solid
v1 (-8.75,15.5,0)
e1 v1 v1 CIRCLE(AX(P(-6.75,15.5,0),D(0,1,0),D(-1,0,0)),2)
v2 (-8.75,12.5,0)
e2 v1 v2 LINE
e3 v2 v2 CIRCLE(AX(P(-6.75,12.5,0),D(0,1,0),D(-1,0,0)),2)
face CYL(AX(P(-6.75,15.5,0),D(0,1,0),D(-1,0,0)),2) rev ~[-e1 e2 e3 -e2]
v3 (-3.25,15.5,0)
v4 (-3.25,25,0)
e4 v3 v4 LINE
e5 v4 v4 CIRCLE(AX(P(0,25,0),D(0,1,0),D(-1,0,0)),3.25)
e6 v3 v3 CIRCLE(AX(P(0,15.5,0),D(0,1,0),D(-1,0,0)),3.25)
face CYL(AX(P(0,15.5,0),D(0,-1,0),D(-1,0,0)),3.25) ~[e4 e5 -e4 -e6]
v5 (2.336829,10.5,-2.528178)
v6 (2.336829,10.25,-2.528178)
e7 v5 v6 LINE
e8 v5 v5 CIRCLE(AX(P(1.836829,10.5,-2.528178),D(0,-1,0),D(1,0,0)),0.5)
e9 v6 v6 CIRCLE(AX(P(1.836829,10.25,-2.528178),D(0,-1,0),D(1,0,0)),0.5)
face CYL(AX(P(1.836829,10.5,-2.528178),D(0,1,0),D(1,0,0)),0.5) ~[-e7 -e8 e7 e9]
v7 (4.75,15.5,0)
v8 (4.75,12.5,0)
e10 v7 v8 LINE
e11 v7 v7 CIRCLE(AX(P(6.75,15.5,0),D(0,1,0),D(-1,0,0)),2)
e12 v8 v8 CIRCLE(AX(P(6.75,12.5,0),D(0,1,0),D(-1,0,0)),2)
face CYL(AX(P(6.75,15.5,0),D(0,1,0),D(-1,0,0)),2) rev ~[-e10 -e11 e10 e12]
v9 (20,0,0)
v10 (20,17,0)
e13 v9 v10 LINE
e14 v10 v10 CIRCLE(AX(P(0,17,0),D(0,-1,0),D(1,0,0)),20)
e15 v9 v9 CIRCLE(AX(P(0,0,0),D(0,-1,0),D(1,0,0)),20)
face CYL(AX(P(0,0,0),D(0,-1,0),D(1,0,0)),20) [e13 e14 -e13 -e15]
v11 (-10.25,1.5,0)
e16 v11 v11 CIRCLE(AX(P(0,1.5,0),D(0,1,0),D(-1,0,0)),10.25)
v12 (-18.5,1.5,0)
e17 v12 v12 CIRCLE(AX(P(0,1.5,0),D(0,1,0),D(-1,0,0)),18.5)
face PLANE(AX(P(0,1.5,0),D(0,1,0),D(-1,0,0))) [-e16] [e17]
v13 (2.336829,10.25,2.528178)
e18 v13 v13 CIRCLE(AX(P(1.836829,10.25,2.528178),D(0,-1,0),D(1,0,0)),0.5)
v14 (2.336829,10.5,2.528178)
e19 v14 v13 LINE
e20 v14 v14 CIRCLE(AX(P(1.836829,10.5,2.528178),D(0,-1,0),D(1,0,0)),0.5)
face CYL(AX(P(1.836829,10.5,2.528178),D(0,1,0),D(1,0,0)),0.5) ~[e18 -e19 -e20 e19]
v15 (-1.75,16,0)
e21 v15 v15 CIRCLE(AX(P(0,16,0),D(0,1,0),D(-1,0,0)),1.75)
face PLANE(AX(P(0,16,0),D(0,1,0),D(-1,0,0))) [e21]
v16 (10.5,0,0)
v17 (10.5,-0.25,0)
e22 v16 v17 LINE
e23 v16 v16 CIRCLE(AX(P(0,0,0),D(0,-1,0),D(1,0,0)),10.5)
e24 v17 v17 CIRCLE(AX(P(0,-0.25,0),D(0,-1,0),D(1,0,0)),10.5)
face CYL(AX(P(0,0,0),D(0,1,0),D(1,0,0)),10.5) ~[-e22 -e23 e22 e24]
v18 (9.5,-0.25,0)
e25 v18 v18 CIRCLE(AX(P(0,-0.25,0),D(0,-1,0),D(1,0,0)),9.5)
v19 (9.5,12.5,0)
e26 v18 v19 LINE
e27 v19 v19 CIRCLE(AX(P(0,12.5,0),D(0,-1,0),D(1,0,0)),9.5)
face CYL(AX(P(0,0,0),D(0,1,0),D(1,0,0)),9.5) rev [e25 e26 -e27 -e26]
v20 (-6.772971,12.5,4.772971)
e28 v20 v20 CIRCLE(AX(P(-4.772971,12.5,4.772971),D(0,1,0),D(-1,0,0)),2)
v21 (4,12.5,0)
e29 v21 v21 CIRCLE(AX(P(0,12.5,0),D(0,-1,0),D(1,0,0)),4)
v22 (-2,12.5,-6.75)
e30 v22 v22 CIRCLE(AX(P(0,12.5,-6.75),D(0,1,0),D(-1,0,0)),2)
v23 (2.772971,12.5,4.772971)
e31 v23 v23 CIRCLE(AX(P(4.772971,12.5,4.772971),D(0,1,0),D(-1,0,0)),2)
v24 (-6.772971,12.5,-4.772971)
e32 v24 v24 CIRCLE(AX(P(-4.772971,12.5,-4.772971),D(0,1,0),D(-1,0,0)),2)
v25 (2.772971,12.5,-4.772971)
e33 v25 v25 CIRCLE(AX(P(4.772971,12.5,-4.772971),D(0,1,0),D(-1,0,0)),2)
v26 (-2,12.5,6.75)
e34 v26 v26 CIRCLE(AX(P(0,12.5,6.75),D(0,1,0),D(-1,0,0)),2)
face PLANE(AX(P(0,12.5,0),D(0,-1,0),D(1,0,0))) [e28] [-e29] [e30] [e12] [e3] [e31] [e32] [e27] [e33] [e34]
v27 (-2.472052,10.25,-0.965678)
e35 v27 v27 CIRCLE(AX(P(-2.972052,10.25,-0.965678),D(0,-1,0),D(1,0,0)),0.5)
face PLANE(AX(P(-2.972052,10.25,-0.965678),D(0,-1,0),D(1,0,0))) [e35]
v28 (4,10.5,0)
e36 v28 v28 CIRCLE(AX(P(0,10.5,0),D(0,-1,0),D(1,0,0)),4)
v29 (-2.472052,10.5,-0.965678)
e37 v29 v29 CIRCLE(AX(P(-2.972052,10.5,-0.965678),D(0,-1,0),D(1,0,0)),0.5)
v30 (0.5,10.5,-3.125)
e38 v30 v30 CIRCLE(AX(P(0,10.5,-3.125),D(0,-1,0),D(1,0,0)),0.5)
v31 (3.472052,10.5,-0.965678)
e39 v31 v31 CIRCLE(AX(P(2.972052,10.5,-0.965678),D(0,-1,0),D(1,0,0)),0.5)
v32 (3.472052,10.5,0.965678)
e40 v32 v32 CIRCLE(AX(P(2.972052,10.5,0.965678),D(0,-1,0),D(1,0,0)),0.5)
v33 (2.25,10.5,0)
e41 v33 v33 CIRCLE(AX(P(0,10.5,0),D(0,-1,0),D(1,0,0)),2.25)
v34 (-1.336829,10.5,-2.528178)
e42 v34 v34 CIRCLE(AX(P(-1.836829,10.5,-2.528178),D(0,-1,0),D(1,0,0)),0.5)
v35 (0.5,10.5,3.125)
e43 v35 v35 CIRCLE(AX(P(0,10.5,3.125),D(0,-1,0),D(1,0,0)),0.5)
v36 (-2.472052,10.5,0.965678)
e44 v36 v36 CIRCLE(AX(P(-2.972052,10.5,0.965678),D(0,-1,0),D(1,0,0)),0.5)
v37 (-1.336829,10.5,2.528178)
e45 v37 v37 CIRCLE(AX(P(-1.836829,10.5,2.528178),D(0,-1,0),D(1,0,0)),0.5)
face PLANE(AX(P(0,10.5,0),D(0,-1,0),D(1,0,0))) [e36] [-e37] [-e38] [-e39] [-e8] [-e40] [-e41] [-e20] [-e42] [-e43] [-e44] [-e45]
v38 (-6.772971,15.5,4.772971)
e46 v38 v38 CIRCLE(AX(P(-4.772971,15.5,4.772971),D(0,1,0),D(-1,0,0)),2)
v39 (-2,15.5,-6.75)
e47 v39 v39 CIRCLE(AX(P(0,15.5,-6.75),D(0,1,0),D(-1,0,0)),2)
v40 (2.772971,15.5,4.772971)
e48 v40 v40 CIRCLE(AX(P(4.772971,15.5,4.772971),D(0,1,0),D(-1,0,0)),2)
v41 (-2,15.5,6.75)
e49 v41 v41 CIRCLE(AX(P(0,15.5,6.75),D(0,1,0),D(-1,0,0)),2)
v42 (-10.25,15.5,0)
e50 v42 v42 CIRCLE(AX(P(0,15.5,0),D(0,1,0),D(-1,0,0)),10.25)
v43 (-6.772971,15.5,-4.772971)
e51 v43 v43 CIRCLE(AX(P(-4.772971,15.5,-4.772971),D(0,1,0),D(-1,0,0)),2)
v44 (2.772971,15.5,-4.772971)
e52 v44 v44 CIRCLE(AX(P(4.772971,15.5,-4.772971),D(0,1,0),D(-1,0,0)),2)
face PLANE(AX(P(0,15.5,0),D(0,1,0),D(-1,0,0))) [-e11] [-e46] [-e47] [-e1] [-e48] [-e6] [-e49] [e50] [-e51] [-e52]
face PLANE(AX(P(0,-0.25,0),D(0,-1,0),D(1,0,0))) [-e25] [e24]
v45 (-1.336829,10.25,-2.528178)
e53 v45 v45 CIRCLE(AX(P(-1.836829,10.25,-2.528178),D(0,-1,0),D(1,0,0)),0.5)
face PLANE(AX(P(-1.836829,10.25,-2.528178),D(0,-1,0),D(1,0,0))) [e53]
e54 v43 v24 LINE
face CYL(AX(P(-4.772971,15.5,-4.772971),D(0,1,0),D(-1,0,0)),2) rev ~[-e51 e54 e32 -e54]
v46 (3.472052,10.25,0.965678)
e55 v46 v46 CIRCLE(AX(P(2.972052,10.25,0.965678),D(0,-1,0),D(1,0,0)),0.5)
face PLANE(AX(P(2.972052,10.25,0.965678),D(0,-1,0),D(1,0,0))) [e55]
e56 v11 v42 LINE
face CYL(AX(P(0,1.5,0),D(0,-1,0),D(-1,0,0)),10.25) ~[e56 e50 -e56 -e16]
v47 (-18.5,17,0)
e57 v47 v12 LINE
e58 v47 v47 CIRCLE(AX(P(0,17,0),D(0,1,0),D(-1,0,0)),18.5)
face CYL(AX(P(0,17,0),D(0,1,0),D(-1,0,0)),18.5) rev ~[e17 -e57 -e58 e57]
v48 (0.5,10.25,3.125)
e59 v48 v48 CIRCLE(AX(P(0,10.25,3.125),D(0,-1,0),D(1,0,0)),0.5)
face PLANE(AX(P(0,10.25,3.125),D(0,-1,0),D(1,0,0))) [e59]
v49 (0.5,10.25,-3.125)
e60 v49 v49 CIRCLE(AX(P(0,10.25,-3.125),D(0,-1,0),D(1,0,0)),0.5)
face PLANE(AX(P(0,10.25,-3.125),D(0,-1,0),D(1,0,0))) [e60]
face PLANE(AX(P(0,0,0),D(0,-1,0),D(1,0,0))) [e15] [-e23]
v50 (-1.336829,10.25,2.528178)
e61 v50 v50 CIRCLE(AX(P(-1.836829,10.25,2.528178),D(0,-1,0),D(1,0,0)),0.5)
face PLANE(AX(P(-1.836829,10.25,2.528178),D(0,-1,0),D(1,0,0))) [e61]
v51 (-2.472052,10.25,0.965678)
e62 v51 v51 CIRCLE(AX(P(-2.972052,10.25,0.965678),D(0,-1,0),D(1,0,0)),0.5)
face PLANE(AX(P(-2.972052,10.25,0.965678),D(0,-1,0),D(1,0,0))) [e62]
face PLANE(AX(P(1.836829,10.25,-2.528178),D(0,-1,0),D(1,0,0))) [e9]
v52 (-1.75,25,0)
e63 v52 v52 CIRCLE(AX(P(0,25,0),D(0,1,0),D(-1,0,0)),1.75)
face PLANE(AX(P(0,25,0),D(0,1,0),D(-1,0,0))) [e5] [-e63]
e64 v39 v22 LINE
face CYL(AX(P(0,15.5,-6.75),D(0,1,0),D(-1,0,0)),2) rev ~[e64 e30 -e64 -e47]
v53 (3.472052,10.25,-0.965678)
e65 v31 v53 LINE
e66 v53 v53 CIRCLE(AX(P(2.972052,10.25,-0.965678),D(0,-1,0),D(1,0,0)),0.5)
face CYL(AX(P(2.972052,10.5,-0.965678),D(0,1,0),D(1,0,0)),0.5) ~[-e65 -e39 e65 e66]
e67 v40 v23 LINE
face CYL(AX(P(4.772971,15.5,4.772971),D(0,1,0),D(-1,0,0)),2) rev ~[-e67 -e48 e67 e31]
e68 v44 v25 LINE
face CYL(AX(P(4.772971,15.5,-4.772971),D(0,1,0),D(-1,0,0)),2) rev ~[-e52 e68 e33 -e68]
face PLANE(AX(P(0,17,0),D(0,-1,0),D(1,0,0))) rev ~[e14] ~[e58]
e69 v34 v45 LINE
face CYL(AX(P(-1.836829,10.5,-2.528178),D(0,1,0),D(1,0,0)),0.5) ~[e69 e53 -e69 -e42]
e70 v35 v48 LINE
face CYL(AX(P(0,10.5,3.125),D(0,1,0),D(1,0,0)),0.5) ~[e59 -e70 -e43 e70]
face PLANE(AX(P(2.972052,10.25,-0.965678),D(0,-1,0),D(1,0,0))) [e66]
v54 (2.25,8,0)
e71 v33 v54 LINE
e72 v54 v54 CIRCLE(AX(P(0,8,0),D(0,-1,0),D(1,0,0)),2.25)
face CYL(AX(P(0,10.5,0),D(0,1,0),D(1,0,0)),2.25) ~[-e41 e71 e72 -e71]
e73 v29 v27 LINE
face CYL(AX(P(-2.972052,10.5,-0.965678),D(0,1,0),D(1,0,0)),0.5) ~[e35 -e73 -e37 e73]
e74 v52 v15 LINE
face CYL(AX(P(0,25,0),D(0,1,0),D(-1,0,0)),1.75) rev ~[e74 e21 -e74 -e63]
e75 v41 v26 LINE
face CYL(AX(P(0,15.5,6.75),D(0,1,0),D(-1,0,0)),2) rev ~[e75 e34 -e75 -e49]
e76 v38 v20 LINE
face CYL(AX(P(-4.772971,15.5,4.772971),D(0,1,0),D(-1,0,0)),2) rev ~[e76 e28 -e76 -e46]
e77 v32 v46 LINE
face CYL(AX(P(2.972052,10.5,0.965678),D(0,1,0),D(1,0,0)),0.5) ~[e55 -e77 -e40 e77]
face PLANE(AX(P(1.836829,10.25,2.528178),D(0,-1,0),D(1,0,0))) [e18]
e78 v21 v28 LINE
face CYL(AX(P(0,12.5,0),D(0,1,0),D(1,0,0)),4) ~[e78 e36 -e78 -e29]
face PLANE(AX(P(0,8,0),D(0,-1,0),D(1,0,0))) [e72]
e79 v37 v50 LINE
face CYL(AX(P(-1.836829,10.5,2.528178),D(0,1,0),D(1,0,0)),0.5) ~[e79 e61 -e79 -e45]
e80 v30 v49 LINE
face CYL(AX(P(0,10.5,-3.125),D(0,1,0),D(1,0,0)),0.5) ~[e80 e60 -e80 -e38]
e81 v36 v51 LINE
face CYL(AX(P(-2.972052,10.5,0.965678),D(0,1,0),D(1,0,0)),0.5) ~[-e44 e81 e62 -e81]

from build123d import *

# Parameters (mm, degrees)
F0_R      = 20
F1_DEPTH  = 17
F2_R      = 18.5
F3_DEPTH  = 15.5
F4_R      = 10.25
F5_DEPTH  = 14
F6_R      = 9.5
F7_DEPTH  = 12.5
F8_R      = 10.5
F8_R_2    = 9.5
F9_DEPTH  = 0.25
F10_R     = 2
F11_DEPTH = 5
F10_R_2   = 3.25
F12_DEPTH = 9.5
F13_R     = 1.75
F14_DEPTH = 9
F15_R     = 4
F16_DEPTH = 2
F17_R     = 0.5
F18_DEPTH = 0.25
F17_R_2   = 2.25
F19_DEPTH = 2.5


with BuildPart() as f1:
    # F0 (on Front) → F1 (new body)
    with BuildSketch(Plane.XZ):
        Circle(F0_R)
    extrude(amount=-F1_DEPTH)

    # F2 (on face) → F3 (cut)
    with BuildSketch(Plane(origin=(0, 17, 0), x_dir=(-1, 0, 0), z_dir=(0, 1, 0))):
        Circle(F2_R)
    extrude(amount=-F3_DEPTH, mode=Mode.SUBTRACT)

    # F4 (on face) → F5 (join)
    with BuildSketch(Plane(origin=(0, 1.5, 0), x_dir=(-1, 0, 0), z_dir=(0, 1, 0))):
        Circle(F4_R)
    extrude(amount=F5_DEPTH)

    # F6 (on face) → F7 (cut)
    with BuildSketch(Plane.XZ):
        Circle(F6_R)
    extrude(amount=-F7_DEPTH, mode=Mode.SUBTRACT)

    # F8 (on face) → F9 (join)
    with BuildSketch(Plane.XZ):
        Circle(F8_R)
        Circle(F8_R_2, mode=Mode.SUBTRACT)
    extrude(amount=F9_DEPTH)

    # F10 (on face) → F11 (cut)
    with BuildSketch(Plane(origin=(0, 15.5, 0), x_dir=(-1, 0, 0), z_dir=(0, 1, 0))):
        with Locations((0, 6.75)):
            Circle(F10_R)
        with Locations((4.772970773, 4.772970773)):
            Circle(F10_R)
        with Locations((6.75, 0)):
            Circle(F10_R)
        with Locations((4.772970773, -4.772970773)):
            Circle(F10_R)
        with Locations((0, -6.75)):
            Circle(F10_R)
        with Locations((-4.772970773, -4.772970773)):
            Circle(F10_R)
        with Locations((-6.75, 0)):
            Circle(F10_R)
        with Locations((-4.772970773, 4.772970773)):
            Circle(F10_R)
    extrude(amount=-F11_DEPTH, mode=Mode.SUBTRACT)

    # F10 (on face) → F12 (join)
    with BuildSketch(Plane(origin=(0, 15.5, 0), x_dir=(-1, 0, 0), z_dir=(0, 1, 0))):
        Circle(F10_R_2)
    extrude(amount=F12_DEPTH)

    # F13 (on face) → F14 (cut)
    with BuildSketch(Plane(origin=(0, 25, 0), x_dir=(-1, 0, 0), z_dir=(0, 1, 0))):
        Circle(F13_R)
    extrude(amount=-F14_DEPTH, mode=Mode.SUBTRACT)

    # F15 (on face) → F16 (join)
    with BuildSketch(Plane.XZ.offset(-12.5)):
        Circle(F15_R)
    extrude(amount=F16_DEPTH)

    # F17 (on face) → F18 (join)
    with BuildSketch(Plane.XZ.offset(-10.5)):
        with Locations((-2.9720516134, 0.9656781074)):
            Circle(F17_R)
        with Locations((-1.8368289134, 2.5281781074)):
            Circle(F17_R)
        with Locations((1.8368289134, 2.5281781074)):
            Circle(F17_R)
        with Locations((0, 3.125)):
            Circle(F17_R)
        with Locations((2.9720516134, -0.9656781074)):
            Circle(F17_R)
        with Locations((1.8368289134, -2.5281781074)):
            Circle(F17_R)
        with Locations((2.9720516134, 0.9656781074)):
            Circle(F17_R)
        with Locations((0, -3.125)):
            Circle(F17_R)
        with Locations((-2.9720516134, -0.9656781074)):
            Circle(F17_R)
        with Locations((-1.8368289134, -2.5281781074)):
            Circle(F17_R)
    extrude(amount=F18_DEPTH)

    # F17 (on face) → F19 (join)
    with BuildSketch(Plane.XZ.offset(-10.5)):
        Circle(F17_R_2)
    extrude(amount=F19_DEPTH)


solid = f1.part
